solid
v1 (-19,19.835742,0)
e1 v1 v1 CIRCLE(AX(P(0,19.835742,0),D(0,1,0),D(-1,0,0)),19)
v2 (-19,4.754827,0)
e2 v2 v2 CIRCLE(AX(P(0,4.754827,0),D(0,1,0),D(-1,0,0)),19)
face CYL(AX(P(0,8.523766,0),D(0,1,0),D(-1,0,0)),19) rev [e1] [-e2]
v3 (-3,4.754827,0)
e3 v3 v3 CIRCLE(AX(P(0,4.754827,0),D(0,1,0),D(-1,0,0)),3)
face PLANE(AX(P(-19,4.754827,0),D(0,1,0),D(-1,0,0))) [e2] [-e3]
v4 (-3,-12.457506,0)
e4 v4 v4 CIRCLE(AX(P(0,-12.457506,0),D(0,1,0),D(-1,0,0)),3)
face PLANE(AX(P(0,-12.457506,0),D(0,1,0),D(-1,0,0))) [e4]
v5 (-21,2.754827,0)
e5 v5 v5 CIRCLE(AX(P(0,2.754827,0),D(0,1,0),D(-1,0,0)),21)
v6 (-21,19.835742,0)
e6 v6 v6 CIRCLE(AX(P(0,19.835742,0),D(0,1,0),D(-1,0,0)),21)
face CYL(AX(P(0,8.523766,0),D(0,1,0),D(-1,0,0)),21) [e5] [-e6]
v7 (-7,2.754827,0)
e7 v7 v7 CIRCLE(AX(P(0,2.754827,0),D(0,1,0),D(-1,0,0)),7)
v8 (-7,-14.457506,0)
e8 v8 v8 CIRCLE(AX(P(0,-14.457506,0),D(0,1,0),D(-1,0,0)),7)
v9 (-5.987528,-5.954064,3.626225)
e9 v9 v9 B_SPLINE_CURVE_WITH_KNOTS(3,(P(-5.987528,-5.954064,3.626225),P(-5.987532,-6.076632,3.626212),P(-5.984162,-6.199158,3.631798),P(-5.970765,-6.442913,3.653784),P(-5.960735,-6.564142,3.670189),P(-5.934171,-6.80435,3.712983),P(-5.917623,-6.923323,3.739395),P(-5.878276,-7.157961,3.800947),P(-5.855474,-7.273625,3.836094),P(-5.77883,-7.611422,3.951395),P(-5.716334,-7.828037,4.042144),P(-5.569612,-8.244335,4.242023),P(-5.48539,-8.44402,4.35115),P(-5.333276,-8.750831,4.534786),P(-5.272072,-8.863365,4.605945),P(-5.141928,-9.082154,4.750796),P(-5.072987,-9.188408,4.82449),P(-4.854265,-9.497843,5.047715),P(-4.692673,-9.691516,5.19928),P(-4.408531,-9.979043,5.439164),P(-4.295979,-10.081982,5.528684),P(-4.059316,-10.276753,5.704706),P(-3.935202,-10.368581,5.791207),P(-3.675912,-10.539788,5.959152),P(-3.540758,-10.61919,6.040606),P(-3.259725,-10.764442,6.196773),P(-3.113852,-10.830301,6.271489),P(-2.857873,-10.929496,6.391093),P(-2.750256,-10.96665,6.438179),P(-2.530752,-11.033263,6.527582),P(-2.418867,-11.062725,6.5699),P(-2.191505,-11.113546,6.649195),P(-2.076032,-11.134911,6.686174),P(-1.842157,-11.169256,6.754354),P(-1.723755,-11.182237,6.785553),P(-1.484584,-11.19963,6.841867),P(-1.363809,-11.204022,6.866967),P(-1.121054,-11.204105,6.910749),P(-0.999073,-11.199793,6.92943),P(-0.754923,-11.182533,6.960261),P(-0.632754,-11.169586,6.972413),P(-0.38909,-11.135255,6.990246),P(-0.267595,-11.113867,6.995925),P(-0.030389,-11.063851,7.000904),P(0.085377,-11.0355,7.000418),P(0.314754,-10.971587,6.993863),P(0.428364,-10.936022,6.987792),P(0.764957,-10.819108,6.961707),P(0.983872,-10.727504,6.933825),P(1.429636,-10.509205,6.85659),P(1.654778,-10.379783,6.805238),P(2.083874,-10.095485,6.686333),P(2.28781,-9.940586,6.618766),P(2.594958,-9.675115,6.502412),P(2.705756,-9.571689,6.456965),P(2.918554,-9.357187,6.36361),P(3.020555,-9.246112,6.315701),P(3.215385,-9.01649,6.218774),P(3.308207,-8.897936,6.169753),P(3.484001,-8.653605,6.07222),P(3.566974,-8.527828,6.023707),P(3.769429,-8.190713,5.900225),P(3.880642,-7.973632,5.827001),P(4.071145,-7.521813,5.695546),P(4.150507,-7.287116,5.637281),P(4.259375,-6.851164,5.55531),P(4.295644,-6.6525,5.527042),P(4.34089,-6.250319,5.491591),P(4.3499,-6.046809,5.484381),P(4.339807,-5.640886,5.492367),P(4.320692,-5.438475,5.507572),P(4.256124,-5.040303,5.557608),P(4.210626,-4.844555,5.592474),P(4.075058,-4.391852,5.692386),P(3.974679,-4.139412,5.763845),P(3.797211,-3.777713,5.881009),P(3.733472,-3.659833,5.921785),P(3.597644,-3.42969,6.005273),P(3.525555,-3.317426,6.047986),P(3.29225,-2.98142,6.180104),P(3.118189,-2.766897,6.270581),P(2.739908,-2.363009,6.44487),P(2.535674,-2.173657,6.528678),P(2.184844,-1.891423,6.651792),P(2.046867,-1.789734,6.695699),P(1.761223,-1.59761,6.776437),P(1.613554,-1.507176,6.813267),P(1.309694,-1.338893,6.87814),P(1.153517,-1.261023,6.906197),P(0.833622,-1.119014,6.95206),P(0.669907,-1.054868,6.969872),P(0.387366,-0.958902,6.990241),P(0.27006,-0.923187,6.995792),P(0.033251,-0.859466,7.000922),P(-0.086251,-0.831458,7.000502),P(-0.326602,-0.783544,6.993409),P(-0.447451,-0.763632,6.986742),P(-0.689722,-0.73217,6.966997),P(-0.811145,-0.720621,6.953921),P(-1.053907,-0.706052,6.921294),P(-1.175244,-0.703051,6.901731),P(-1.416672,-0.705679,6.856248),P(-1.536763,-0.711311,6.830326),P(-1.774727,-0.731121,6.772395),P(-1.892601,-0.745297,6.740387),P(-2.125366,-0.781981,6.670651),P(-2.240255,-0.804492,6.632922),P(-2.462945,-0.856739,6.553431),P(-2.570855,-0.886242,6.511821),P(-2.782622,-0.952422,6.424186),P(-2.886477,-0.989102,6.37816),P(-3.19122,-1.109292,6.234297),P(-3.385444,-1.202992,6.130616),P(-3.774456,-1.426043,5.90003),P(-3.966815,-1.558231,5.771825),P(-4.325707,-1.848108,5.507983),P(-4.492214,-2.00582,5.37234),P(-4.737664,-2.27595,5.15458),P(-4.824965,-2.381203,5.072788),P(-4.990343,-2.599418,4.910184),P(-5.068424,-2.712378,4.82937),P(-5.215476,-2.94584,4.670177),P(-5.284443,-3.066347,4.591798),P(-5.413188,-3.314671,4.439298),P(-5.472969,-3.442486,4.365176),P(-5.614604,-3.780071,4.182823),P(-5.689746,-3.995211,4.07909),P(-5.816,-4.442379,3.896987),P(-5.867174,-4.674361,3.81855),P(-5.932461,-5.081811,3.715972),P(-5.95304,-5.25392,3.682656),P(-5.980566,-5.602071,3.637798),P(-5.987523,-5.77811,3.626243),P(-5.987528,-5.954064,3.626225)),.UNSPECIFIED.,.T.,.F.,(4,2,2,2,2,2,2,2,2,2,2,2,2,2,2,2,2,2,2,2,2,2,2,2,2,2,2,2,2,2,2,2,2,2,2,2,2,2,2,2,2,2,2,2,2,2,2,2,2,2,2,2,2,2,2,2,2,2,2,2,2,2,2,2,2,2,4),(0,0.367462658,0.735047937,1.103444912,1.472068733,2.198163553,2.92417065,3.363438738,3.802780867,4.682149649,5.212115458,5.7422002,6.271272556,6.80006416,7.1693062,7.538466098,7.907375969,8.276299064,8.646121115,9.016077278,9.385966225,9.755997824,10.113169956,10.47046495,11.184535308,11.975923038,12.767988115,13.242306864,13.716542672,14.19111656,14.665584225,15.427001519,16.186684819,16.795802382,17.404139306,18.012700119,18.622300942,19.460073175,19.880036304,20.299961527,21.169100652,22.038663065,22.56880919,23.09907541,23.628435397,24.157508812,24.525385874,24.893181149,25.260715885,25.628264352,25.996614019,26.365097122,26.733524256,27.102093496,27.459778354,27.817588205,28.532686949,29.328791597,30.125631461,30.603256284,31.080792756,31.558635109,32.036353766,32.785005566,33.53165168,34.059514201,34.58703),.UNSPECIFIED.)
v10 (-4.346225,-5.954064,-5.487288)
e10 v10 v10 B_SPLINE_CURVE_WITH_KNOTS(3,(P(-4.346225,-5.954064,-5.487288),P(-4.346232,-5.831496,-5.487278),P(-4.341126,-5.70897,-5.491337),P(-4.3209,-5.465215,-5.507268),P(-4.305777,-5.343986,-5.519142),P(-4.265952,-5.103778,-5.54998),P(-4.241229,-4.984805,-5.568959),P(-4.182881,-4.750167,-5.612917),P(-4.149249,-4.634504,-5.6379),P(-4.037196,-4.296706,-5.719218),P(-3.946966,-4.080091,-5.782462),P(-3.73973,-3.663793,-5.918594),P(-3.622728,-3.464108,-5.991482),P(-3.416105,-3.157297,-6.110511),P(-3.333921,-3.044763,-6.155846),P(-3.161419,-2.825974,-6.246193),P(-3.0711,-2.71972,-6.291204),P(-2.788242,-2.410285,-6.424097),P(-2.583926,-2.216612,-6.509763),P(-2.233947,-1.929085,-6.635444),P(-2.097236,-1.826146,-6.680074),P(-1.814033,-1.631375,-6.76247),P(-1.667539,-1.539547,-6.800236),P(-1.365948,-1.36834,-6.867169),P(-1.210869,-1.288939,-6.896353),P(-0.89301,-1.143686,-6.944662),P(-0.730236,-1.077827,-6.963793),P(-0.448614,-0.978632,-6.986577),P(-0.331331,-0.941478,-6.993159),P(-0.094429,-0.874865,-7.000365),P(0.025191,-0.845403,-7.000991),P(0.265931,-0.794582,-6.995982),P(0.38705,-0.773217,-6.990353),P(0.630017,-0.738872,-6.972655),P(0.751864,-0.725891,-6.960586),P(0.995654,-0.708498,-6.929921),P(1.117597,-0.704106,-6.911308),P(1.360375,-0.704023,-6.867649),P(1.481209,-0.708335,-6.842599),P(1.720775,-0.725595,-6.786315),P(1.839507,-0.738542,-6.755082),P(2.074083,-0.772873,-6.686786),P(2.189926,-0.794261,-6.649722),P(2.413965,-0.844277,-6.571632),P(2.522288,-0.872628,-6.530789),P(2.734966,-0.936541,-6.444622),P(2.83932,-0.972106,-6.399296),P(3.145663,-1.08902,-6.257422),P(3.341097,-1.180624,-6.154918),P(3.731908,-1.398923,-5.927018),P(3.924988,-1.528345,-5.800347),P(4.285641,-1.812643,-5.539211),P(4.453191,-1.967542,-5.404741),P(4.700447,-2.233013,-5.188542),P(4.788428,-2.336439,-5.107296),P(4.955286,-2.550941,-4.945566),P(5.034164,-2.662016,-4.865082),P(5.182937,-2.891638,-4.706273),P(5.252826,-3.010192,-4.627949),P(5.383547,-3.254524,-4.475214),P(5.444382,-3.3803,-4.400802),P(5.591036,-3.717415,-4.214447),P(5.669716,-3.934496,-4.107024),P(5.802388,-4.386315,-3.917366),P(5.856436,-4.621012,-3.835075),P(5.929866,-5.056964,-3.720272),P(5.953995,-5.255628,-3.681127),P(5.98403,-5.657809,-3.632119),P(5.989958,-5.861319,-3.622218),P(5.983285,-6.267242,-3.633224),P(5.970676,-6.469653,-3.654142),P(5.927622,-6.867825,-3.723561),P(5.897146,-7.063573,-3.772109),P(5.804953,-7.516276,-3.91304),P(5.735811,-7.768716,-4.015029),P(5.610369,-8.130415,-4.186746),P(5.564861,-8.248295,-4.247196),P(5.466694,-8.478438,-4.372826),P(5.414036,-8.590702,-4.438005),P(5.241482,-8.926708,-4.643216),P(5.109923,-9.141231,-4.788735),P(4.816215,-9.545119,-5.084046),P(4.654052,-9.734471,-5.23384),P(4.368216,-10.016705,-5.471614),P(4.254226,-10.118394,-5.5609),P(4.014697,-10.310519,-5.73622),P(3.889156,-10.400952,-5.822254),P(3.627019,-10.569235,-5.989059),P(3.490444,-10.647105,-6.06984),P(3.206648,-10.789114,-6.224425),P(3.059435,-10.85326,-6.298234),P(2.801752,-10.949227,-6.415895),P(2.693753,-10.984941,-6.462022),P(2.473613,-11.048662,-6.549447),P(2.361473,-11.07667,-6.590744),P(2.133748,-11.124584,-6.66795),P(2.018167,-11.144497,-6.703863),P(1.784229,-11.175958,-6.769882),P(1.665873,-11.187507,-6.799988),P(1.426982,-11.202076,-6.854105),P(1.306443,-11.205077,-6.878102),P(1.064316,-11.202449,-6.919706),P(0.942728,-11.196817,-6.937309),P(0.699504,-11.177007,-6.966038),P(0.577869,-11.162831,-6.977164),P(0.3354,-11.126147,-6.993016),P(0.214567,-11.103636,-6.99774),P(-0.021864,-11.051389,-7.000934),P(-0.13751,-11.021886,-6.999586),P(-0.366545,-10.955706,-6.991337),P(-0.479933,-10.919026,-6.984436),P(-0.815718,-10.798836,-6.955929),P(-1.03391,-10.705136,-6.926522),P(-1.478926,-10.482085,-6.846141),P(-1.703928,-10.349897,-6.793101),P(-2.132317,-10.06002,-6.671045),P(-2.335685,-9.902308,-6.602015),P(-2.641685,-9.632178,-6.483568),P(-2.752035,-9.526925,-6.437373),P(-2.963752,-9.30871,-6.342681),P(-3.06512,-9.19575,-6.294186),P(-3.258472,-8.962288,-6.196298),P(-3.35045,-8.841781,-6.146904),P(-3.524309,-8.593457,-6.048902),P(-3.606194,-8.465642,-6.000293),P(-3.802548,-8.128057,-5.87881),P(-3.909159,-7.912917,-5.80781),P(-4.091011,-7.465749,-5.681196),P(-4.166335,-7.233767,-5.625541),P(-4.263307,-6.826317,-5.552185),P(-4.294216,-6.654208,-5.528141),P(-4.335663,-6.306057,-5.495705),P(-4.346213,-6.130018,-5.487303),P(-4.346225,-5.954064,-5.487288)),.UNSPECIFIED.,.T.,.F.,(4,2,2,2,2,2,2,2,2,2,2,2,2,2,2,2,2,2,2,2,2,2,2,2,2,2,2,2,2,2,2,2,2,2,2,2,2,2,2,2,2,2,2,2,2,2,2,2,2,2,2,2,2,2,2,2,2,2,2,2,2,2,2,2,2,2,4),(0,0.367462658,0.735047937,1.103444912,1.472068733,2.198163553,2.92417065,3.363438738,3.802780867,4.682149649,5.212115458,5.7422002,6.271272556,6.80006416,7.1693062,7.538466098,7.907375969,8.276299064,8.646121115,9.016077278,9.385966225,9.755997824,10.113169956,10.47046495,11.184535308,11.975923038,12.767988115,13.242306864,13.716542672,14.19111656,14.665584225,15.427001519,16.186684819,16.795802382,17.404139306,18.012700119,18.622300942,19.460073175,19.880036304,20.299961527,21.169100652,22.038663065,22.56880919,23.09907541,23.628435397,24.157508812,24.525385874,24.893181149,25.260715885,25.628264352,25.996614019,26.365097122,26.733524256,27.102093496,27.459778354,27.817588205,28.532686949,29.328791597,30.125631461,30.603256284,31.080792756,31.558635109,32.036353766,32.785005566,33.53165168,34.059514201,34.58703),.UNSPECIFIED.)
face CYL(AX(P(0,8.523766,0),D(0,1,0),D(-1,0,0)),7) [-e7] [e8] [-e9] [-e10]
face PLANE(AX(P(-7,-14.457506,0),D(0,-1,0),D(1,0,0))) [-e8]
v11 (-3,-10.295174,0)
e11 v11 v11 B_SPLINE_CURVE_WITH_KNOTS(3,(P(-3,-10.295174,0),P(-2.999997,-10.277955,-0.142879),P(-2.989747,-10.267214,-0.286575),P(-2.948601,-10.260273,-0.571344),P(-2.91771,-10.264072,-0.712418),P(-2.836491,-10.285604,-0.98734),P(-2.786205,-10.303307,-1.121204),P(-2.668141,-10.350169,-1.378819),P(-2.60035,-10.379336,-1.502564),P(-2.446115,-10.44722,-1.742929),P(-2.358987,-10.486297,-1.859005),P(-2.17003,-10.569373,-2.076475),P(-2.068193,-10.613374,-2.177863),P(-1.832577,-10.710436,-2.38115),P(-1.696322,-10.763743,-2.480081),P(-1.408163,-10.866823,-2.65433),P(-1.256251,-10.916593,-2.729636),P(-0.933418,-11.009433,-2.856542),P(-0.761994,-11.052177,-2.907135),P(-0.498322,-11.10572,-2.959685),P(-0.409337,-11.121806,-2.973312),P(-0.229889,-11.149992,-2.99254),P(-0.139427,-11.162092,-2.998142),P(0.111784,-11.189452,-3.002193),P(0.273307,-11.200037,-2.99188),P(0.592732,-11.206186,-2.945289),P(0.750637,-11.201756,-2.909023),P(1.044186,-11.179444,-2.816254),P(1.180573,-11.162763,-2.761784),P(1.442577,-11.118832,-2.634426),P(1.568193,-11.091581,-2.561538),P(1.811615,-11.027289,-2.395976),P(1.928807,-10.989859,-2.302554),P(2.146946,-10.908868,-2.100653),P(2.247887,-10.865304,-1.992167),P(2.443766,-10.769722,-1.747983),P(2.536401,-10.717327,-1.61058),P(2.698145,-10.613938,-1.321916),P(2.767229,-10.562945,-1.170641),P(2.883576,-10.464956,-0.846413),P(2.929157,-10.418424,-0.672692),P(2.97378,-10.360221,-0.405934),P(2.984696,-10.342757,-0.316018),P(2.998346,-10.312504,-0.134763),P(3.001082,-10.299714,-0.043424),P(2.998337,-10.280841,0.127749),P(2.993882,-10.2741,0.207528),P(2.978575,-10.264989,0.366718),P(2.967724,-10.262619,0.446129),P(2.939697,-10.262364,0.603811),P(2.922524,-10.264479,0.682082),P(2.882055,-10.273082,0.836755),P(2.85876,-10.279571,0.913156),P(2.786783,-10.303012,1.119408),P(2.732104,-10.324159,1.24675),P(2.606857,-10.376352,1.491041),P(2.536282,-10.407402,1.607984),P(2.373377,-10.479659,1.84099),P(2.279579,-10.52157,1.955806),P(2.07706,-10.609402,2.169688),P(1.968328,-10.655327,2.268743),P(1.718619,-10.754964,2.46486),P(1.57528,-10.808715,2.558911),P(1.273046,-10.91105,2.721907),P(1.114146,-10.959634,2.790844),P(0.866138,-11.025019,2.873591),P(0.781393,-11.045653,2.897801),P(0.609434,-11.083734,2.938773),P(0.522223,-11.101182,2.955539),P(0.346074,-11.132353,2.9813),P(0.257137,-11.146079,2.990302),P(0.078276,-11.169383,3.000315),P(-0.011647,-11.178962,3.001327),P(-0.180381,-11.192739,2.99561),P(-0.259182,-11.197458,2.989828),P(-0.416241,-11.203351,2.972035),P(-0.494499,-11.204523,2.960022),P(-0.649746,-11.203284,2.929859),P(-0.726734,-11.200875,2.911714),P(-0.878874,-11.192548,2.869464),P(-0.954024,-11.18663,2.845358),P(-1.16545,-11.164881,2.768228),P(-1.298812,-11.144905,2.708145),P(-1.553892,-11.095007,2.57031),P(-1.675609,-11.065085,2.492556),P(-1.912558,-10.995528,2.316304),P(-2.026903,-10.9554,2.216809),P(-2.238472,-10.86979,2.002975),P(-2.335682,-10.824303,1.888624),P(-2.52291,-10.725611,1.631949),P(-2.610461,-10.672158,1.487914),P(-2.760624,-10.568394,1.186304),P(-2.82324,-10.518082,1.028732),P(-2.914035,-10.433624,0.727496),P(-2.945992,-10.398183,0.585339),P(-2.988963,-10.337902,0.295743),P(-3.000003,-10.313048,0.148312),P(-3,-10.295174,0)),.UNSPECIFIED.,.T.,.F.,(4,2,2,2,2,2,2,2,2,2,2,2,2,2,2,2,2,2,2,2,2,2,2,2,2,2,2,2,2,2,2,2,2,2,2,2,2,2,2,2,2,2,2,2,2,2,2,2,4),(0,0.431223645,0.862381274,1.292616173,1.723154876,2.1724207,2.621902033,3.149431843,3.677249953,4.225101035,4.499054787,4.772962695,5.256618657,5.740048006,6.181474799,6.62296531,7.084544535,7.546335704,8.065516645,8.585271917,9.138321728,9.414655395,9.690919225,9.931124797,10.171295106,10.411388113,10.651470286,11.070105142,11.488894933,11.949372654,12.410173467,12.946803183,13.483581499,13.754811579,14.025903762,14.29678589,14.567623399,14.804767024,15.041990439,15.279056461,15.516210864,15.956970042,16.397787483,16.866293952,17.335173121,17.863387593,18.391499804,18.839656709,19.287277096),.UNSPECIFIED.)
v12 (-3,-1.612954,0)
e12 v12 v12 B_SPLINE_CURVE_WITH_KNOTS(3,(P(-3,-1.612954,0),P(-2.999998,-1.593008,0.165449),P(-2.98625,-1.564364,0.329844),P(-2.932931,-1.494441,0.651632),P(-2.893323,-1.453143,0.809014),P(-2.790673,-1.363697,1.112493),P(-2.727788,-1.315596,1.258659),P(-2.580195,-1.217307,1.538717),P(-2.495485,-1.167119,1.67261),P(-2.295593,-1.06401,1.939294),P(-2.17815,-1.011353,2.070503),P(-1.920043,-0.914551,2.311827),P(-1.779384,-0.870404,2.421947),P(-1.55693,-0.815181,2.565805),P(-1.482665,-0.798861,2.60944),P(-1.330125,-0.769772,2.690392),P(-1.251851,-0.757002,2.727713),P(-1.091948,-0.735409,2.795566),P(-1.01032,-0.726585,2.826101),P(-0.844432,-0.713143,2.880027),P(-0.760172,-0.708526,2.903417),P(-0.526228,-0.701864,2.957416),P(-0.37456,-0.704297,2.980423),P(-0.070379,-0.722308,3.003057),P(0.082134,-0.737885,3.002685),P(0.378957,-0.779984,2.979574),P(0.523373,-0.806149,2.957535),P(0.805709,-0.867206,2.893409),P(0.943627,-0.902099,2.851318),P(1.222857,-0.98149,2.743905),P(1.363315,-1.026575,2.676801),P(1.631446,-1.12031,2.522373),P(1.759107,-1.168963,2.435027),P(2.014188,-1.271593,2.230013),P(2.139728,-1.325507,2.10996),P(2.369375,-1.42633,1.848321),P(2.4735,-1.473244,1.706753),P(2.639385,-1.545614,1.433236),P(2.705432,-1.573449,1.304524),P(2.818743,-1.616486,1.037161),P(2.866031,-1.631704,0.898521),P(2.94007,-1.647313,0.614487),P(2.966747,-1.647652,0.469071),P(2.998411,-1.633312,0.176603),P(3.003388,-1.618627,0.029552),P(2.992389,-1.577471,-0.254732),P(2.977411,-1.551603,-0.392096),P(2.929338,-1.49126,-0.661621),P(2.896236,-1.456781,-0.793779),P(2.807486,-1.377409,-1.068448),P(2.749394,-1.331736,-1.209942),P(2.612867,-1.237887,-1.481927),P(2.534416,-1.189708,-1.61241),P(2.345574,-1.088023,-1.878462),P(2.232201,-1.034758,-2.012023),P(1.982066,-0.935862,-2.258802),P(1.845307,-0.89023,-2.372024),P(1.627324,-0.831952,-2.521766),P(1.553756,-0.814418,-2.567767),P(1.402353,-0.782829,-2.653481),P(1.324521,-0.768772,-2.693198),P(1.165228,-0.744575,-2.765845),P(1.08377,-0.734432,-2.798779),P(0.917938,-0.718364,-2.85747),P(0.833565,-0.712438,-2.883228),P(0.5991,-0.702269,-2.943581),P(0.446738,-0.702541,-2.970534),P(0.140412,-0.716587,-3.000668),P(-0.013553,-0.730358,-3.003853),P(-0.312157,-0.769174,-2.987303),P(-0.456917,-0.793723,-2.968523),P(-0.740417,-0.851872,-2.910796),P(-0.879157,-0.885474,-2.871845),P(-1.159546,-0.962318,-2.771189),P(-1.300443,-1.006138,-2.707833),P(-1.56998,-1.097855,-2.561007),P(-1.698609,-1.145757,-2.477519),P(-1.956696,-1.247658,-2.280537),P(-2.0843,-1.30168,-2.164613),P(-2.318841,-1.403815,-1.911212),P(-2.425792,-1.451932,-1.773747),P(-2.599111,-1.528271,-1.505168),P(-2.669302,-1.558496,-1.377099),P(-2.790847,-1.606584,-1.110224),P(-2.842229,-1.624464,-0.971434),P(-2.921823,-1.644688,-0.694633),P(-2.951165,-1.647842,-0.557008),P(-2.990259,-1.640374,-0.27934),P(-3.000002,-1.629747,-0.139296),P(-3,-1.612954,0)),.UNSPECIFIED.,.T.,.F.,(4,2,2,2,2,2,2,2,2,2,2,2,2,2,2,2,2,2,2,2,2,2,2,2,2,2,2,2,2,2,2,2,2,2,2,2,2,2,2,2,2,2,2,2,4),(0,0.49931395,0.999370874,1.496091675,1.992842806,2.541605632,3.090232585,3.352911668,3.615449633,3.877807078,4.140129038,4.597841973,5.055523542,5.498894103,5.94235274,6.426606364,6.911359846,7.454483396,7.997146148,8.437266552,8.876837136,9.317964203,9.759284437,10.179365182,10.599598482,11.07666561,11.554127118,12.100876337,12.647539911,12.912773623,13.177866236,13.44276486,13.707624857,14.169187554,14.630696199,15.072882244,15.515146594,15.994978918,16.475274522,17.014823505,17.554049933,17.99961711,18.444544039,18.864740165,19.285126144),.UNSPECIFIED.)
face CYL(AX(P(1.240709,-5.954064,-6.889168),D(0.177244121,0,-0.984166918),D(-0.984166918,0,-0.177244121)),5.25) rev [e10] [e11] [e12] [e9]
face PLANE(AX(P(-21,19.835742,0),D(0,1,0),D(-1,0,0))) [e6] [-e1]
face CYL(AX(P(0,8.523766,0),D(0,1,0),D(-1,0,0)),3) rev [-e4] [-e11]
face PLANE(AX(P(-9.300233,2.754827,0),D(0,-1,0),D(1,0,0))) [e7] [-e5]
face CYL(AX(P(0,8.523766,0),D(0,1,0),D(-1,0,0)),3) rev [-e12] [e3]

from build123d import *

# Parameters (mm, degrees)
TROU_TARAUD_G1_161_D = 10.5


with BuildPart() as part:
    # Esquisse2 → Révolution1 (revolve)
    with BuildSketch(Plane.XY):
        Polygon((-19, 19.83574186), (-19, 4.75482653), (-3, 4.75482653), (-3, 3.289391775), (-3, -12.457506315), (0, -12.457506315), (0, -14.457506315), (-4.744922372, -14.457506315), (-7, -14.457506315), (-7, 2.75482653), (-9.300232951, 2.75482653), (-21, 2.75482653), (-21, 19.83574186), align=None)
    revolve(axis=Axis((0, 8.523766276, 0), (0, -1, 0)))

    # Trou taraudé G1/161 (through all)
    with Locations(Plane(origin=(1.240708844, -5.954064023, -6.889168423), x_dir=(-0.984166917609, 0, -0.17724412059), z_dir=(0.17724412059, 0, -0.984166917609))):
        with Locations((0, 0)):
            Hole(TROU_TARAUD_G1_161_D / 2)


solid = part.part
